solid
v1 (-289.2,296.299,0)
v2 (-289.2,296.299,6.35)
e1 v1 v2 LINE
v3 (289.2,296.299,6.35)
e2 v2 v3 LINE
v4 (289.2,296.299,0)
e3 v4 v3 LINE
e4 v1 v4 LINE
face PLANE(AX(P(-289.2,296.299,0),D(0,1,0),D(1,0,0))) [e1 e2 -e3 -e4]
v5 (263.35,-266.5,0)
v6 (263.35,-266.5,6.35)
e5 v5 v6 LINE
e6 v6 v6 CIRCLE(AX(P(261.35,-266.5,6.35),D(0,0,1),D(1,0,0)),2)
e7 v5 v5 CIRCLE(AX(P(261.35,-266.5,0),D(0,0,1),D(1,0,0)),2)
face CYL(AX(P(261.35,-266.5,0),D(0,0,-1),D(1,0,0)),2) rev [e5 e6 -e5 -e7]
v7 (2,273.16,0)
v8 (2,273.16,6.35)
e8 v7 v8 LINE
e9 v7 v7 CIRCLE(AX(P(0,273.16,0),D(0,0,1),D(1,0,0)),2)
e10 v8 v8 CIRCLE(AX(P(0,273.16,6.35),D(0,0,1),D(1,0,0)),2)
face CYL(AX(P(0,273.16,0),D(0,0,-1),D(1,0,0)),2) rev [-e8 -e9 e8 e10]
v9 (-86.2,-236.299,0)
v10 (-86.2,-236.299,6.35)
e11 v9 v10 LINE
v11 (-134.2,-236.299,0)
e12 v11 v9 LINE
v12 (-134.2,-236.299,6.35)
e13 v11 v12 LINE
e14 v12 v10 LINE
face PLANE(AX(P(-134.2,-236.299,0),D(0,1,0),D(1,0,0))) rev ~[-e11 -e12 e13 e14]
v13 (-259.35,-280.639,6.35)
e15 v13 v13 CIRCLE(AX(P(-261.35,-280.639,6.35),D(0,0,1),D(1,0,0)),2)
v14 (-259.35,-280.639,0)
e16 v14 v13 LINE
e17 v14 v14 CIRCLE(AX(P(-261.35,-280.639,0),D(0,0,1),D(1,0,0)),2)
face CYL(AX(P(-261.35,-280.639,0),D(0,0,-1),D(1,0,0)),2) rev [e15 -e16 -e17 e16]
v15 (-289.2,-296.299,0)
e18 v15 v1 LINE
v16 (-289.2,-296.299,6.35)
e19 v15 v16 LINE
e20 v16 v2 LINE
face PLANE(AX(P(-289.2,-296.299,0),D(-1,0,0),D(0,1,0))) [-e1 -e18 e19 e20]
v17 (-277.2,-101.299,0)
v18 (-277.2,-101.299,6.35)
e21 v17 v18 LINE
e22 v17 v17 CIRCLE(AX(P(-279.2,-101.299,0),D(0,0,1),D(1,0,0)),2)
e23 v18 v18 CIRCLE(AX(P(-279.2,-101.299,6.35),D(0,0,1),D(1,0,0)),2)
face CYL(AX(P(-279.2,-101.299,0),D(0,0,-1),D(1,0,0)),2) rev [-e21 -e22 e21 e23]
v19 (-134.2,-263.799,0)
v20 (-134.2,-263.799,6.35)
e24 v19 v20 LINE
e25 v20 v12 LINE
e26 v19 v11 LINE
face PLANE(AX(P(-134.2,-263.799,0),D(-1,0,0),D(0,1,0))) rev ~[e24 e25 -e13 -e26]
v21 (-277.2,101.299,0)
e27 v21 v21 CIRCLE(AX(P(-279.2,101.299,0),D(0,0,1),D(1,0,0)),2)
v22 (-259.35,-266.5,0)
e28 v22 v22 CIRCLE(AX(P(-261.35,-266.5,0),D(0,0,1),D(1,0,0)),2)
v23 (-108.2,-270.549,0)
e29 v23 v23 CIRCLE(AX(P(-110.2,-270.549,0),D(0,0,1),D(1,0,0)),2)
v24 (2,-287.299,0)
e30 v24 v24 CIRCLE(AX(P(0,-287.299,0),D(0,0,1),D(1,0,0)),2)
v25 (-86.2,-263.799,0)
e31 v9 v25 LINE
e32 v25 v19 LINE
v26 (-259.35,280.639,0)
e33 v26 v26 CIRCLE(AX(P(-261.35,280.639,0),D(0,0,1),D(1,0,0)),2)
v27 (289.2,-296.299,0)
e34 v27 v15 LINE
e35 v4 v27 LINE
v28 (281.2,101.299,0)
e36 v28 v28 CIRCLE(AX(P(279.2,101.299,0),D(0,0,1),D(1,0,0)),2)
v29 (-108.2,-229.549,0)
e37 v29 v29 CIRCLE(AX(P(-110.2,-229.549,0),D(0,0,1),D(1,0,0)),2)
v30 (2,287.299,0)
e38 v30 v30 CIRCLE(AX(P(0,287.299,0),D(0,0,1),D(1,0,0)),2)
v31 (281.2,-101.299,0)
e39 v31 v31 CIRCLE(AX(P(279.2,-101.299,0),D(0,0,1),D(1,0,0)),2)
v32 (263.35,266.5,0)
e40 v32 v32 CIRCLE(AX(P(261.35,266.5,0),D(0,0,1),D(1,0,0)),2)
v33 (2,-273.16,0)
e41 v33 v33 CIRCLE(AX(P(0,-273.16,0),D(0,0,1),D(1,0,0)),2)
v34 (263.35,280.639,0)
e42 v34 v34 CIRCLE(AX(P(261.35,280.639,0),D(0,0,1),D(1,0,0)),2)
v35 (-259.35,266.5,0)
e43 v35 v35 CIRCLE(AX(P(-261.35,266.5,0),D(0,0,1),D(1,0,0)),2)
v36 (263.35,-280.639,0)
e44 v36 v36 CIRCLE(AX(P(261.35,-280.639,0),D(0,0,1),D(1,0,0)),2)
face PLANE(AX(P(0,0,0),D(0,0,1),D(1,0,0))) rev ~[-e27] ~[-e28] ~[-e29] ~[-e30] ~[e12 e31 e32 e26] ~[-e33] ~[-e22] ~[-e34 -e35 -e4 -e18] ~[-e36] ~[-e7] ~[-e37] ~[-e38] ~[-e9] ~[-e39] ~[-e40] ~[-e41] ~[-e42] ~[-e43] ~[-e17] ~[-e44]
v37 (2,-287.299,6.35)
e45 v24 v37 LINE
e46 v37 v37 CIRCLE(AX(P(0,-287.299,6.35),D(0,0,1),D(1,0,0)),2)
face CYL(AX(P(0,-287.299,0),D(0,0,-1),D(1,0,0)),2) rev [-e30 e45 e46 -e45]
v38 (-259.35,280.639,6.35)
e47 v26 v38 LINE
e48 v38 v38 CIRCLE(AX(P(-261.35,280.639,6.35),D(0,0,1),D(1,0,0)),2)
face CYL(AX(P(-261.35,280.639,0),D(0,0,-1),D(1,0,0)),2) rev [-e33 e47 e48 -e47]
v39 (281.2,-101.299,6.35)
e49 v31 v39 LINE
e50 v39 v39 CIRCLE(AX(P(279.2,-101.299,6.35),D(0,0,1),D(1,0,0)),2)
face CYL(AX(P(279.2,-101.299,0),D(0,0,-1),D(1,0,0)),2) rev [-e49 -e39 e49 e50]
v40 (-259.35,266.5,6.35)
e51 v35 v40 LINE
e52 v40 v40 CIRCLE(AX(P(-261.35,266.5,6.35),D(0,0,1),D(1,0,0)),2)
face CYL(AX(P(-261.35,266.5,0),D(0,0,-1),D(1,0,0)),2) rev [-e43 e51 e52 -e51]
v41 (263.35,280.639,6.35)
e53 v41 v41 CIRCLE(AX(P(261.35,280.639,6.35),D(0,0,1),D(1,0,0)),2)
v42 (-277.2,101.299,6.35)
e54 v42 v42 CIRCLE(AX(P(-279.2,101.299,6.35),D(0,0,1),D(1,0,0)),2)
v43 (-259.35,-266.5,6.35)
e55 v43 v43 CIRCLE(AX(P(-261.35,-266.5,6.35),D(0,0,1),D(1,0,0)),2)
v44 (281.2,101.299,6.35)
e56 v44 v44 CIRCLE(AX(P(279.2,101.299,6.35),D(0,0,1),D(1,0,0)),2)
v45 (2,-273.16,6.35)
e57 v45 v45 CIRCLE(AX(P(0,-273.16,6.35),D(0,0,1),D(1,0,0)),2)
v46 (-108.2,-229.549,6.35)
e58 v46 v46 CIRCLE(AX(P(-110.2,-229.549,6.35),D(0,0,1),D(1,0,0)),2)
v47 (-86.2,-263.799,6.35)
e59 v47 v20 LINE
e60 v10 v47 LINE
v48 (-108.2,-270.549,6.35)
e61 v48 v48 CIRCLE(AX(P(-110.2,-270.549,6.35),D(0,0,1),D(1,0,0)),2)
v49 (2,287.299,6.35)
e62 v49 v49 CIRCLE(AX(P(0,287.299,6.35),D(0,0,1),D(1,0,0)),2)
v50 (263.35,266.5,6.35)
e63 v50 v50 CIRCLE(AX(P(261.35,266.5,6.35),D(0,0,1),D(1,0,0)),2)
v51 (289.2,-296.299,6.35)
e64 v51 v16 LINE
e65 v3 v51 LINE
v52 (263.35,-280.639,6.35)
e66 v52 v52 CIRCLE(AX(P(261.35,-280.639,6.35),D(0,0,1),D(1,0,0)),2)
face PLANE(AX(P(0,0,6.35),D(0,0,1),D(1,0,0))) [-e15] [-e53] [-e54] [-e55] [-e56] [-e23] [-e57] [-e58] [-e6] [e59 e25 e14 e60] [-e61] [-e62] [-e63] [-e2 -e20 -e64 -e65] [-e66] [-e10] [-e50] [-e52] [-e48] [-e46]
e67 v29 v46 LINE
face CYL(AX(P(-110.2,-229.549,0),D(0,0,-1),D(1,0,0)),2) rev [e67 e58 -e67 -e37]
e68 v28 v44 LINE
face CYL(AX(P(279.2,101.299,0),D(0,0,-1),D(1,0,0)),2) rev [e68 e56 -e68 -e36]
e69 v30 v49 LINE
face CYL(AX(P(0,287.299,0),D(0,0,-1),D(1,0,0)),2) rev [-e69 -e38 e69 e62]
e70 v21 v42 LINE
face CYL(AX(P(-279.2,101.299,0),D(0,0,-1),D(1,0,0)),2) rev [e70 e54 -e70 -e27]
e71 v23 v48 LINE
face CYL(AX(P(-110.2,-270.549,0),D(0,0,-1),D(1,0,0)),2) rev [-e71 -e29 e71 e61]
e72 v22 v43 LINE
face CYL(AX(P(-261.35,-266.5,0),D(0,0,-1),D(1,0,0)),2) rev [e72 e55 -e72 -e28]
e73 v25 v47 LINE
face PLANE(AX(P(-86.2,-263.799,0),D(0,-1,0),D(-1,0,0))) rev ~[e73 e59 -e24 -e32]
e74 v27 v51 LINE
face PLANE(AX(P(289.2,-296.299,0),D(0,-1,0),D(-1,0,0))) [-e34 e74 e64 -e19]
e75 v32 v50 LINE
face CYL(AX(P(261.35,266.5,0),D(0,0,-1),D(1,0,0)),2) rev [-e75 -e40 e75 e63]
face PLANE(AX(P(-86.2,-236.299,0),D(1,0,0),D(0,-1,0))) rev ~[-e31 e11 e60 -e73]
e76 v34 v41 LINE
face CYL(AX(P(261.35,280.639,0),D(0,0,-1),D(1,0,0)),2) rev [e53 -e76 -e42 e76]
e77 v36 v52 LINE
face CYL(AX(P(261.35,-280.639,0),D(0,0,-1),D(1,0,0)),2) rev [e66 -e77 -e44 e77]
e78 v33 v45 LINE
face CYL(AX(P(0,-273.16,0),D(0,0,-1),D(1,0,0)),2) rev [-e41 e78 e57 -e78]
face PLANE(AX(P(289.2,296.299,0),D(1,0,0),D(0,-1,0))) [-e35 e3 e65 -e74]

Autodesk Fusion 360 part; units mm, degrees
sketch "Sketch1" plane through (0, 0, 0) normal (0, 0, 1) x (1, 0, 0)
  line L0 (284.2, -291.299) -> (-284.2, -291.299)
  line L1 (-284.2, -291.299) -> (-284.2, 291.299)
  line L2 (-284.2, 291.299) -> (284.2, 291.299)
  line L3 (284.2, 291.299) -> (284.2, -291.299)
  line L4 (284.2, -291.299) -> (-284.2, 291.299) construction
  line L5 (-284.2, -291.299) -> (284.2, 291.299) construction
  line L6 (-261.35, 291.299) -> (-261.35, -291.299) construction
  circle A0 centre (-261.35, 280.639) radius 2
  circle A1 centre (-261.35, 266.5) radius 2
  circle A2 centre (-261.35, -280.639) radius 2
  circle A3 centre (-261.35, -266.5) radius 2
  line L7 (261.35, 291.299) -> (261.35, -291.299) construction
  circle A4 centre (261.35, 280.639) radius 2
  circle A5 centre (261.35, 266.5) radius 2
  circle A6 centre (261.35, -280.639) radius 2
  circle A7 centre (261.35, -266.5) radius 2
  line L8 (-261.35, -266.5) -> (261.35, -266.5) construction
  circle A8 centre (0, -273.16) radius 2
  line L9 (0, -291.299) -> (0, 291.299) construction
  circle A9 centre (0, 273.16) radius 2
  circle A10 centre (0, 287.299) radius 2
  circle A11 centre (0, -287.299) radius 2
  line L10 (-289.2, 296.299) -> (289.2, 296.299)
  line L11 (289.2, 296.299) -> (289.2, -296.299)
  line L12 (289.2, -296.299) -> (-289.2, -296.299)
  line L13 (-289.2, -296.299) -> (-289.2, 296.299)
  line L14 (-289.2, -101.299) -> (289.2, -101.299) construction
  line L15 (-289.2, 101.299) -> (289.2, 101.299) construction
  circle A12 centre (-279.2, 101.299) radius 2
  circle A13 centre (-279.2, -101.299) radius 2
  circle A14 centre (279.2, -101.299) radius 2
  circle A15 centre (279.2, 101.299) radius 2
  line L16 (-134.2, -236.299) -> (-86.2, -236.299)
  line L17 (-86.2, -236.299) -> (-86.2, -263.799)
  line L18 (-86.2, -263.799) -> (-134.2, -263.799)
  line L19 (-134.2, -263.799) -> (-134.2, -236.299)
  line L20 (-110.2, -221.3553) -> (-110.2, -265.3735) construction
  circle A16 centre (-110.2, -270.549) radius 2
  circle A17 centre (-110.2, -229.549) radius 2
  line L21 (-261.35, 266.5) -> (261.35, 266.5) construction
  line L22 (-261.35, -280.639) -> (261.35, -280.639) construction
  line L23 (261.35, 280.639) -> (-261.35, 280.639) construction
  dimension "d1" = 568.4
  dimension "d2" = 582.598
  dimension "d3" = 22.85
  dimension "d4" = 4
  dimension "d6" = 4
  dimension "d8" = 4
  dimension "d9" = 4
  dimension "d12" = 22.85
  dimension "d13" = 4
  dimension "d14" = 4
  dimension "d17" = 4
  dimension "d18" = 4
  dimension "d21" = 4
  dimension "d22" = 4
  dimension "d23" = 4
  dimension "d24" = 4
  dimension "d30" = 5
  dimension "d31" = 5
  dimension "d32" = 5
  dimension "d33" = 5
  dimension "d34" = 190
  dimension "d35" = 190
  dimension "d36" = 4
  dimension "d37" = 5
  dimension "d38" = 4
  dimension "d39" = 5
  dimension "d40" = 4
  dimension "d41" = 5
  dimension "d42" = 4
  dimension "d43" = 5
  dimension "d44" = 48
  dimension "d45" = 27.5
  dimension "d46" = 55
  dimension "d47" = 150
  dimension "d48" = 24
  dimension "d49" = 4
  dimension "d50" = 4
  dimension "d51" = 41
  dimension "d52" = 20.5
  dimension "d53" = 24.799
  dimension "d54" = 24.799
  dimension "d55" = 10.66
  dimension "d56" = 10.66
  dimension "d60" = 14.139
  dimension "d61" = 4
  dimension "d62" = 14.139
  dimension "d63" = 4
extrude "Extrude1" add sketch "Sketch1" along normal blind 6.35 contours L0 L1 L2 L3 | L10 L11 L12 L13 makes body 1
copy_body "Body->Comp1" bodies 1 removing the originals makes body 2 in component "back"
component "back" placed x (1, 0, 0) y (0, 1, 0) z (0, 0, 1) at (0, 0, 0)
equation "d1 = XRailLength + 218.4 mm"
equation "d2 = PrintHeight + 282.598 mm"
equation "d28 = ( 25.4 / 4 ) * 1 mm"
equation "d30 = WallThickness"
equation "d31 = WallThickness"
equation "d32 = WallThickness"
equation "d33 = WallThickness"
equation "WallThickness = 5 mm"
equation "XRailLength = 350 mm"
equation "PrintHeight = 300 mm"
